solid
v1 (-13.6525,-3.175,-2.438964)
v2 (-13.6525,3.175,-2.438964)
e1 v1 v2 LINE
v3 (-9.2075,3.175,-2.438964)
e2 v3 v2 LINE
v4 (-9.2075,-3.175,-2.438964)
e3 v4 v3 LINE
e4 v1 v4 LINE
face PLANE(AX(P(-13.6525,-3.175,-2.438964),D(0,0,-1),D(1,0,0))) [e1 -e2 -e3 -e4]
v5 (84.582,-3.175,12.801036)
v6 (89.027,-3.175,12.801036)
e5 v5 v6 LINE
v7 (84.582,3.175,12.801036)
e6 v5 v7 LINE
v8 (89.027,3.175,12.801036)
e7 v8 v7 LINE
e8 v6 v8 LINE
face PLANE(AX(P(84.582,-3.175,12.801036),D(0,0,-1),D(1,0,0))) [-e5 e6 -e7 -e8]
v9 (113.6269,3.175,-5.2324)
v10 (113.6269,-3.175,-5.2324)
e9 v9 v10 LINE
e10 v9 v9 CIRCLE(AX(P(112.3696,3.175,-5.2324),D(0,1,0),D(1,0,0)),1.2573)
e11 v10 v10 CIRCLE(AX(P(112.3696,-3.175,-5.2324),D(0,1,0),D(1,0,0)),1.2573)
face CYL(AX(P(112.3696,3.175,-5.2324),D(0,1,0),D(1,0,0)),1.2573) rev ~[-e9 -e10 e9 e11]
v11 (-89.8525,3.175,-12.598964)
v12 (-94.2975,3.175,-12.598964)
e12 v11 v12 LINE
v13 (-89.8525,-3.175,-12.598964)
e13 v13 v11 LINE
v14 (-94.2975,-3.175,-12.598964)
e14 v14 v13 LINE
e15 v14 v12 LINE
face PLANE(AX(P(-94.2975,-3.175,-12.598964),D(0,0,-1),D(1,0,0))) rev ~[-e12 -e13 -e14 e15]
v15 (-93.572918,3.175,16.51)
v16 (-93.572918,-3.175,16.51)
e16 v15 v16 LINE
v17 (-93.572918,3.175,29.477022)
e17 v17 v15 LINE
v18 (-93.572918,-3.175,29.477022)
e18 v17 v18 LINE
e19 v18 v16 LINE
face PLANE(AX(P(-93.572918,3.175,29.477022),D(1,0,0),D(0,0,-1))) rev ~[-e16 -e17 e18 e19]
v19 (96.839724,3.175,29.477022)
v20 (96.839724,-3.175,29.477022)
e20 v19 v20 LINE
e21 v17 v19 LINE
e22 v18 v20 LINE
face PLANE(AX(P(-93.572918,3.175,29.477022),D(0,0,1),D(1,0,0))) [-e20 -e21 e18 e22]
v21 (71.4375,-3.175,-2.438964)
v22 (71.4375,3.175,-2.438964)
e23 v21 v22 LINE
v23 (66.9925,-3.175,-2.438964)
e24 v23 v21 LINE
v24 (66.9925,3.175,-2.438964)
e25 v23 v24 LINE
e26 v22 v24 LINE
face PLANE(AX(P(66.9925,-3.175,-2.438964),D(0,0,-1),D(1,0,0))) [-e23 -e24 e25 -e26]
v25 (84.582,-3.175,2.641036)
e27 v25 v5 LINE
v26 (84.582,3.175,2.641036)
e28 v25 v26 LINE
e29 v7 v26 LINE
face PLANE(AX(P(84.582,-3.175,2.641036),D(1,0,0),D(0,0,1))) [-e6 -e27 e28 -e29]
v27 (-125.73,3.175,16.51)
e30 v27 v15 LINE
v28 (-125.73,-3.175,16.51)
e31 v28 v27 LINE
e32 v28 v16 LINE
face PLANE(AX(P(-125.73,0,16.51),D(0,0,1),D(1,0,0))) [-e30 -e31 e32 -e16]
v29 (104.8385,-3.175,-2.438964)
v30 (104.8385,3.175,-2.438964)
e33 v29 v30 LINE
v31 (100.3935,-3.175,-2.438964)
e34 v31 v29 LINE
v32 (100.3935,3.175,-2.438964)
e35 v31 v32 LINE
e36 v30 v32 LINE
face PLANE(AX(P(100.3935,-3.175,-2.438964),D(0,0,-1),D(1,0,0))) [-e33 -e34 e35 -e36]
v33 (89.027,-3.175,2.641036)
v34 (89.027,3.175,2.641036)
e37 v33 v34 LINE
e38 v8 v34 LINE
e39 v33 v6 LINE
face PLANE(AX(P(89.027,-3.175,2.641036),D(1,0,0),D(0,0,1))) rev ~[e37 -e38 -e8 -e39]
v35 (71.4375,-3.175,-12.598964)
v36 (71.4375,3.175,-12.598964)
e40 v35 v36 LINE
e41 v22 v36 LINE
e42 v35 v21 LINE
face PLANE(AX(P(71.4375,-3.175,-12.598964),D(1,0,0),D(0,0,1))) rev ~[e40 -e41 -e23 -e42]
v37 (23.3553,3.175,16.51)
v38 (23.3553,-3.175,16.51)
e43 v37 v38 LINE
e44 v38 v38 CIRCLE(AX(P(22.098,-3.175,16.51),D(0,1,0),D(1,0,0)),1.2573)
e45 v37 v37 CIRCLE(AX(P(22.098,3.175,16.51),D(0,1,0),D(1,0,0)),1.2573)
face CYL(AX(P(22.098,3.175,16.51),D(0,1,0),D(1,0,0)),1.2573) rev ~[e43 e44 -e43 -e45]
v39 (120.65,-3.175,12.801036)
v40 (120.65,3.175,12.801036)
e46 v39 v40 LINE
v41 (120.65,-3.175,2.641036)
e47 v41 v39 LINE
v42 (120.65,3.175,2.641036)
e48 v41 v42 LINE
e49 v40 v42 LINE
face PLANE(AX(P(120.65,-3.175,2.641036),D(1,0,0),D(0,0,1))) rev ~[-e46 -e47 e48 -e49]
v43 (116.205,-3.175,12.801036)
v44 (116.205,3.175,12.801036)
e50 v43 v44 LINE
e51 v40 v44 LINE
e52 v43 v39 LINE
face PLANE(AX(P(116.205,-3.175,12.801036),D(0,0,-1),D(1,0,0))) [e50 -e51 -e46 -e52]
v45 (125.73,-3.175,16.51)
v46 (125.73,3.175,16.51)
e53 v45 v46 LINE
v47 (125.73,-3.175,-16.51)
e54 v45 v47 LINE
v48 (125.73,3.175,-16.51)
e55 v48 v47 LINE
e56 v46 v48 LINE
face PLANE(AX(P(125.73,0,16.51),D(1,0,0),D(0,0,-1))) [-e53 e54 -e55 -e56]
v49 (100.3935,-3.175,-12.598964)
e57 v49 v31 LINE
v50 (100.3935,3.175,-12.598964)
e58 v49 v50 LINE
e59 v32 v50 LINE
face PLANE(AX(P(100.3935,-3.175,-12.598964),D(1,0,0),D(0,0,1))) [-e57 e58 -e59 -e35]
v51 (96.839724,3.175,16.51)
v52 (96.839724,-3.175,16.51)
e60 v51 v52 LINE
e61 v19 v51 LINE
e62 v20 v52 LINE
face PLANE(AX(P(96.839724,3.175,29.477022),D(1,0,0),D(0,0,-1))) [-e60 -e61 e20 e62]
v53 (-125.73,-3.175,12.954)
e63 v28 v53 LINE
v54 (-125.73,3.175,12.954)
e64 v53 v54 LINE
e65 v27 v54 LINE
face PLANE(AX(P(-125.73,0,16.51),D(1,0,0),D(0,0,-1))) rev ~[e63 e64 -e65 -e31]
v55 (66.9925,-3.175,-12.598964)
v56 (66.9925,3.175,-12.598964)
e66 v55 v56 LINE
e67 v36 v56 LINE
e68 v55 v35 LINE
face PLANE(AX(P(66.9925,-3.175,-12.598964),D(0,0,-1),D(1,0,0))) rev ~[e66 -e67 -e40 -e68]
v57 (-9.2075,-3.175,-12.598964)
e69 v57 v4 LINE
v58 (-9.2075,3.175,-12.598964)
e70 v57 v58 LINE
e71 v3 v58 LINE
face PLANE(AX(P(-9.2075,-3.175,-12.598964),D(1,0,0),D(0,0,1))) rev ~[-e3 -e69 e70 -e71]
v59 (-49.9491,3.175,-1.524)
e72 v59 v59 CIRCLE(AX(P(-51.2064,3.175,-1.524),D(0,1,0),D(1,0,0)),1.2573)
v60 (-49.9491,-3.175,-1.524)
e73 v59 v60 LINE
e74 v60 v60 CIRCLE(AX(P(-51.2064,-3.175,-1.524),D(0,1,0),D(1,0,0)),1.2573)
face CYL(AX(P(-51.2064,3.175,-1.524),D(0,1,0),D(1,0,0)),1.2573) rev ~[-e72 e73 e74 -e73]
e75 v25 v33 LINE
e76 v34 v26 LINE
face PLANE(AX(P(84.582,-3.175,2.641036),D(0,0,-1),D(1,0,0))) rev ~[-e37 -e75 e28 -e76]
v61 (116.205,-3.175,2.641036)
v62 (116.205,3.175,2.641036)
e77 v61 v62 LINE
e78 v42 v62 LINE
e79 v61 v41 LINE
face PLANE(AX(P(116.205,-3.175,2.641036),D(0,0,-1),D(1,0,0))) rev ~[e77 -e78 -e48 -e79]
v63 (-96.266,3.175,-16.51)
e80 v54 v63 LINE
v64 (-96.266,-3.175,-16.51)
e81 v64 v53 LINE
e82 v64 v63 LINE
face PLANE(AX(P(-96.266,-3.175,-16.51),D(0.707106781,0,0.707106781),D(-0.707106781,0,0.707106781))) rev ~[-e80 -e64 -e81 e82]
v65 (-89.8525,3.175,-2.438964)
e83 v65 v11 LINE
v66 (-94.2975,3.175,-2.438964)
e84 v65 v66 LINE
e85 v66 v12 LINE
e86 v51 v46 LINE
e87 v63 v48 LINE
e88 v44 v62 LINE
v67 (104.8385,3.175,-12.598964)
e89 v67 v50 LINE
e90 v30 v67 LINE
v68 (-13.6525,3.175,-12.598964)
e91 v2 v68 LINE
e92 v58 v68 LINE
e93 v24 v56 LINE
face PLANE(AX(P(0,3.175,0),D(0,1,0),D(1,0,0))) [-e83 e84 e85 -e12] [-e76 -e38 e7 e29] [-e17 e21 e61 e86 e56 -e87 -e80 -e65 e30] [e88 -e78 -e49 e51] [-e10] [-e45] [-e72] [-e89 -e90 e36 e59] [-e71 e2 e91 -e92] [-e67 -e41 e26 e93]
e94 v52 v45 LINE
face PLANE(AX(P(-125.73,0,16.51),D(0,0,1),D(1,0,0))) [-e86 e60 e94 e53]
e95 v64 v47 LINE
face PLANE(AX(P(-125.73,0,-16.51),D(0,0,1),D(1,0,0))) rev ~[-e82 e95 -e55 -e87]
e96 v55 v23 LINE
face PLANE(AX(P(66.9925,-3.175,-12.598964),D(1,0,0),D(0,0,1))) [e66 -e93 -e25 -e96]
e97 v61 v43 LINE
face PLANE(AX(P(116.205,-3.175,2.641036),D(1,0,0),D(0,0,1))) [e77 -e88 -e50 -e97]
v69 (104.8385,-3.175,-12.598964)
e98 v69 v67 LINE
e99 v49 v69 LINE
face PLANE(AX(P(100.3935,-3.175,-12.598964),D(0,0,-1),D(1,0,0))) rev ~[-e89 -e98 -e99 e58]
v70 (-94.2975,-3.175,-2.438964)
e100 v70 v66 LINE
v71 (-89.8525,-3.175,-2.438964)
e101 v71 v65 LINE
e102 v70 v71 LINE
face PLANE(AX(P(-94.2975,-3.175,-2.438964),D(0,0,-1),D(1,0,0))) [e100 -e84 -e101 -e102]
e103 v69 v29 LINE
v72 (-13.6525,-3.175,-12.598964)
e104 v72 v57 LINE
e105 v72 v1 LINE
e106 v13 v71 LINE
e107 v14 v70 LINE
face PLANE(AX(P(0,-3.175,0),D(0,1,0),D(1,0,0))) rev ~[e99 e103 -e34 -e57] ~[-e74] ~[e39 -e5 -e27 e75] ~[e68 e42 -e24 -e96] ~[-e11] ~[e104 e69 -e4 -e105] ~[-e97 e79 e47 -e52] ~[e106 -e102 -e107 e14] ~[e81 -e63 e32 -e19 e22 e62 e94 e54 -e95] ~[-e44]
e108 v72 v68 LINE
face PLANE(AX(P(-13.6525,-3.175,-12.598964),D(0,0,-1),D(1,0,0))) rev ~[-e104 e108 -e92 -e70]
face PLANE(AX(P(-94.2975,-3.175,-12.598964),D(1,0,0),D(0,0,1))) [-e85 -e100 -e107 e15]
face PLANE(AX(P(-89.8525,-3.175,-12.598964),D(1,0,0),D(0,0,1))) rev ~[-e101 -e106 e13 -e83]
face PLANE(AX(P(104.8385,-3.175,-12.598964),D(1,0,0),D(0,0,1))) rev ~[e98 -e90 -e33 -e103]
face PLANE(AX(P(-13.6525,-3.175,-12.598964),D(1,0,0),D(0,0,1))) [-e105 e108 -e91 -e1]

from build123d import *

# Parameters (mm, degrees)
SKETCH1_W           = 251.46
SKETCH1_H           = 33.02
BOSS_EXTRUDE1_DEPTH = 3.175
CUT_EXTRUDE1_DEPTH  = 7.35
SKETCH3_W           = 190.412642411
SKETCH3_H           = 12.967021693
BOSS_EXTRUDE2_DEPTH = 6.35
SKETCH5_R           = 1.2573
CUT_EXTRUDE2_DEPTH  = 7.35
SKETCH6_W           = 4.445
SKETCH6_H           = 10.16
CUT_EXTRUDE4_DEPTH  = 7.35


with BuildPart() as part:
    # Sketch1 → Boss-Extrude1 (new body, symmetric)
    with BuildSketch(Plane(origin=(0, 0, 0), x_dir=(1, 0, 0), z_dir=(0, 1, 0))):
        Rectangle(SKETCH1_W, SKETCH1_H)
    extrude(amount=BOSS_EXTRUDE1_DEPTH, both=True)

    # Sketch2 → Cut-Extrude1 (cut, through all)
    with BuildSketch(Plane.XZ.offset(3.175)):
        Polygon((-96.266, -16.51), (-125.73, 12.954), (-125.73, -16.51), align=None)
    extrude(amount=-CUT_EXTRUDE1_DEPTH, mode=Mode.SUBTRACT)

    # Sketch3 → Boss-Extrude2 (add)
    with BuildSketch(Plane(origin=(0, 3.175, 0), x_dir=(1, 0, 0), z_dir=(0, 1, 0))):
        with Locations((1.633403272, -22.993510847)):
            Rectangle(SKETCH3_W, SKETCH3_H)
    extrude(amount=-BOSS_EXTRUDE2_DEPTH)

    # Sketch5 → Cut-Extrude2 (cut, through all)
    with BuildSketch(Plane(origin=(0, 3.175, 0), x_dir=(1, 0, 0), z_dir=(0, 1, 0))):
        with Locations((112.3696, 5.2324)):
            Circle(SKETCH5_R)
        with Locations((22.098, -16.51)):
            Circle(SKETCH5_R)
        with Locations((-51.2064, 1.524)):
            Circle(SKETCH5_R)
    extrude(amount=-CUT_EXTRUDE2_DEPTH, mode=Mode.SUBTRACT)

    # Sketch6 → Cut-Extrude4 (cut, through all)
    with BuildSketch(Plane.XZ.offset(3.175)):
        with Locations((86.8045, 7.721036343)):
            Rectangle(SKETCH6_W, SKETCH6_H)
        with Locations((118.4275, 7.721036343)):
            Rectangle(SKETCH6_W, SKETCH6_H)
        with Locations((102.616, -7.518963657)):
            Rectangle(SKETCH6_W, SKETCH6_H)
        with Locations((69.215, -7.518963657)):
            Rectangle(SKETCH6_W, SKETCH6_H)
        with Locations((-11.43, -7.518963657)):
            Rectangle(SKETCH6_W, SKETCH6_H)
        with Locations((-92.075, -7.518963657)):
            Rectangle(SKETCH6_W, SKETCH6_H)
    extrude(amount=-CUT_EXTRUDE4_DEPTH, mode=Mode.SUBTRACT)


solid = part.part
